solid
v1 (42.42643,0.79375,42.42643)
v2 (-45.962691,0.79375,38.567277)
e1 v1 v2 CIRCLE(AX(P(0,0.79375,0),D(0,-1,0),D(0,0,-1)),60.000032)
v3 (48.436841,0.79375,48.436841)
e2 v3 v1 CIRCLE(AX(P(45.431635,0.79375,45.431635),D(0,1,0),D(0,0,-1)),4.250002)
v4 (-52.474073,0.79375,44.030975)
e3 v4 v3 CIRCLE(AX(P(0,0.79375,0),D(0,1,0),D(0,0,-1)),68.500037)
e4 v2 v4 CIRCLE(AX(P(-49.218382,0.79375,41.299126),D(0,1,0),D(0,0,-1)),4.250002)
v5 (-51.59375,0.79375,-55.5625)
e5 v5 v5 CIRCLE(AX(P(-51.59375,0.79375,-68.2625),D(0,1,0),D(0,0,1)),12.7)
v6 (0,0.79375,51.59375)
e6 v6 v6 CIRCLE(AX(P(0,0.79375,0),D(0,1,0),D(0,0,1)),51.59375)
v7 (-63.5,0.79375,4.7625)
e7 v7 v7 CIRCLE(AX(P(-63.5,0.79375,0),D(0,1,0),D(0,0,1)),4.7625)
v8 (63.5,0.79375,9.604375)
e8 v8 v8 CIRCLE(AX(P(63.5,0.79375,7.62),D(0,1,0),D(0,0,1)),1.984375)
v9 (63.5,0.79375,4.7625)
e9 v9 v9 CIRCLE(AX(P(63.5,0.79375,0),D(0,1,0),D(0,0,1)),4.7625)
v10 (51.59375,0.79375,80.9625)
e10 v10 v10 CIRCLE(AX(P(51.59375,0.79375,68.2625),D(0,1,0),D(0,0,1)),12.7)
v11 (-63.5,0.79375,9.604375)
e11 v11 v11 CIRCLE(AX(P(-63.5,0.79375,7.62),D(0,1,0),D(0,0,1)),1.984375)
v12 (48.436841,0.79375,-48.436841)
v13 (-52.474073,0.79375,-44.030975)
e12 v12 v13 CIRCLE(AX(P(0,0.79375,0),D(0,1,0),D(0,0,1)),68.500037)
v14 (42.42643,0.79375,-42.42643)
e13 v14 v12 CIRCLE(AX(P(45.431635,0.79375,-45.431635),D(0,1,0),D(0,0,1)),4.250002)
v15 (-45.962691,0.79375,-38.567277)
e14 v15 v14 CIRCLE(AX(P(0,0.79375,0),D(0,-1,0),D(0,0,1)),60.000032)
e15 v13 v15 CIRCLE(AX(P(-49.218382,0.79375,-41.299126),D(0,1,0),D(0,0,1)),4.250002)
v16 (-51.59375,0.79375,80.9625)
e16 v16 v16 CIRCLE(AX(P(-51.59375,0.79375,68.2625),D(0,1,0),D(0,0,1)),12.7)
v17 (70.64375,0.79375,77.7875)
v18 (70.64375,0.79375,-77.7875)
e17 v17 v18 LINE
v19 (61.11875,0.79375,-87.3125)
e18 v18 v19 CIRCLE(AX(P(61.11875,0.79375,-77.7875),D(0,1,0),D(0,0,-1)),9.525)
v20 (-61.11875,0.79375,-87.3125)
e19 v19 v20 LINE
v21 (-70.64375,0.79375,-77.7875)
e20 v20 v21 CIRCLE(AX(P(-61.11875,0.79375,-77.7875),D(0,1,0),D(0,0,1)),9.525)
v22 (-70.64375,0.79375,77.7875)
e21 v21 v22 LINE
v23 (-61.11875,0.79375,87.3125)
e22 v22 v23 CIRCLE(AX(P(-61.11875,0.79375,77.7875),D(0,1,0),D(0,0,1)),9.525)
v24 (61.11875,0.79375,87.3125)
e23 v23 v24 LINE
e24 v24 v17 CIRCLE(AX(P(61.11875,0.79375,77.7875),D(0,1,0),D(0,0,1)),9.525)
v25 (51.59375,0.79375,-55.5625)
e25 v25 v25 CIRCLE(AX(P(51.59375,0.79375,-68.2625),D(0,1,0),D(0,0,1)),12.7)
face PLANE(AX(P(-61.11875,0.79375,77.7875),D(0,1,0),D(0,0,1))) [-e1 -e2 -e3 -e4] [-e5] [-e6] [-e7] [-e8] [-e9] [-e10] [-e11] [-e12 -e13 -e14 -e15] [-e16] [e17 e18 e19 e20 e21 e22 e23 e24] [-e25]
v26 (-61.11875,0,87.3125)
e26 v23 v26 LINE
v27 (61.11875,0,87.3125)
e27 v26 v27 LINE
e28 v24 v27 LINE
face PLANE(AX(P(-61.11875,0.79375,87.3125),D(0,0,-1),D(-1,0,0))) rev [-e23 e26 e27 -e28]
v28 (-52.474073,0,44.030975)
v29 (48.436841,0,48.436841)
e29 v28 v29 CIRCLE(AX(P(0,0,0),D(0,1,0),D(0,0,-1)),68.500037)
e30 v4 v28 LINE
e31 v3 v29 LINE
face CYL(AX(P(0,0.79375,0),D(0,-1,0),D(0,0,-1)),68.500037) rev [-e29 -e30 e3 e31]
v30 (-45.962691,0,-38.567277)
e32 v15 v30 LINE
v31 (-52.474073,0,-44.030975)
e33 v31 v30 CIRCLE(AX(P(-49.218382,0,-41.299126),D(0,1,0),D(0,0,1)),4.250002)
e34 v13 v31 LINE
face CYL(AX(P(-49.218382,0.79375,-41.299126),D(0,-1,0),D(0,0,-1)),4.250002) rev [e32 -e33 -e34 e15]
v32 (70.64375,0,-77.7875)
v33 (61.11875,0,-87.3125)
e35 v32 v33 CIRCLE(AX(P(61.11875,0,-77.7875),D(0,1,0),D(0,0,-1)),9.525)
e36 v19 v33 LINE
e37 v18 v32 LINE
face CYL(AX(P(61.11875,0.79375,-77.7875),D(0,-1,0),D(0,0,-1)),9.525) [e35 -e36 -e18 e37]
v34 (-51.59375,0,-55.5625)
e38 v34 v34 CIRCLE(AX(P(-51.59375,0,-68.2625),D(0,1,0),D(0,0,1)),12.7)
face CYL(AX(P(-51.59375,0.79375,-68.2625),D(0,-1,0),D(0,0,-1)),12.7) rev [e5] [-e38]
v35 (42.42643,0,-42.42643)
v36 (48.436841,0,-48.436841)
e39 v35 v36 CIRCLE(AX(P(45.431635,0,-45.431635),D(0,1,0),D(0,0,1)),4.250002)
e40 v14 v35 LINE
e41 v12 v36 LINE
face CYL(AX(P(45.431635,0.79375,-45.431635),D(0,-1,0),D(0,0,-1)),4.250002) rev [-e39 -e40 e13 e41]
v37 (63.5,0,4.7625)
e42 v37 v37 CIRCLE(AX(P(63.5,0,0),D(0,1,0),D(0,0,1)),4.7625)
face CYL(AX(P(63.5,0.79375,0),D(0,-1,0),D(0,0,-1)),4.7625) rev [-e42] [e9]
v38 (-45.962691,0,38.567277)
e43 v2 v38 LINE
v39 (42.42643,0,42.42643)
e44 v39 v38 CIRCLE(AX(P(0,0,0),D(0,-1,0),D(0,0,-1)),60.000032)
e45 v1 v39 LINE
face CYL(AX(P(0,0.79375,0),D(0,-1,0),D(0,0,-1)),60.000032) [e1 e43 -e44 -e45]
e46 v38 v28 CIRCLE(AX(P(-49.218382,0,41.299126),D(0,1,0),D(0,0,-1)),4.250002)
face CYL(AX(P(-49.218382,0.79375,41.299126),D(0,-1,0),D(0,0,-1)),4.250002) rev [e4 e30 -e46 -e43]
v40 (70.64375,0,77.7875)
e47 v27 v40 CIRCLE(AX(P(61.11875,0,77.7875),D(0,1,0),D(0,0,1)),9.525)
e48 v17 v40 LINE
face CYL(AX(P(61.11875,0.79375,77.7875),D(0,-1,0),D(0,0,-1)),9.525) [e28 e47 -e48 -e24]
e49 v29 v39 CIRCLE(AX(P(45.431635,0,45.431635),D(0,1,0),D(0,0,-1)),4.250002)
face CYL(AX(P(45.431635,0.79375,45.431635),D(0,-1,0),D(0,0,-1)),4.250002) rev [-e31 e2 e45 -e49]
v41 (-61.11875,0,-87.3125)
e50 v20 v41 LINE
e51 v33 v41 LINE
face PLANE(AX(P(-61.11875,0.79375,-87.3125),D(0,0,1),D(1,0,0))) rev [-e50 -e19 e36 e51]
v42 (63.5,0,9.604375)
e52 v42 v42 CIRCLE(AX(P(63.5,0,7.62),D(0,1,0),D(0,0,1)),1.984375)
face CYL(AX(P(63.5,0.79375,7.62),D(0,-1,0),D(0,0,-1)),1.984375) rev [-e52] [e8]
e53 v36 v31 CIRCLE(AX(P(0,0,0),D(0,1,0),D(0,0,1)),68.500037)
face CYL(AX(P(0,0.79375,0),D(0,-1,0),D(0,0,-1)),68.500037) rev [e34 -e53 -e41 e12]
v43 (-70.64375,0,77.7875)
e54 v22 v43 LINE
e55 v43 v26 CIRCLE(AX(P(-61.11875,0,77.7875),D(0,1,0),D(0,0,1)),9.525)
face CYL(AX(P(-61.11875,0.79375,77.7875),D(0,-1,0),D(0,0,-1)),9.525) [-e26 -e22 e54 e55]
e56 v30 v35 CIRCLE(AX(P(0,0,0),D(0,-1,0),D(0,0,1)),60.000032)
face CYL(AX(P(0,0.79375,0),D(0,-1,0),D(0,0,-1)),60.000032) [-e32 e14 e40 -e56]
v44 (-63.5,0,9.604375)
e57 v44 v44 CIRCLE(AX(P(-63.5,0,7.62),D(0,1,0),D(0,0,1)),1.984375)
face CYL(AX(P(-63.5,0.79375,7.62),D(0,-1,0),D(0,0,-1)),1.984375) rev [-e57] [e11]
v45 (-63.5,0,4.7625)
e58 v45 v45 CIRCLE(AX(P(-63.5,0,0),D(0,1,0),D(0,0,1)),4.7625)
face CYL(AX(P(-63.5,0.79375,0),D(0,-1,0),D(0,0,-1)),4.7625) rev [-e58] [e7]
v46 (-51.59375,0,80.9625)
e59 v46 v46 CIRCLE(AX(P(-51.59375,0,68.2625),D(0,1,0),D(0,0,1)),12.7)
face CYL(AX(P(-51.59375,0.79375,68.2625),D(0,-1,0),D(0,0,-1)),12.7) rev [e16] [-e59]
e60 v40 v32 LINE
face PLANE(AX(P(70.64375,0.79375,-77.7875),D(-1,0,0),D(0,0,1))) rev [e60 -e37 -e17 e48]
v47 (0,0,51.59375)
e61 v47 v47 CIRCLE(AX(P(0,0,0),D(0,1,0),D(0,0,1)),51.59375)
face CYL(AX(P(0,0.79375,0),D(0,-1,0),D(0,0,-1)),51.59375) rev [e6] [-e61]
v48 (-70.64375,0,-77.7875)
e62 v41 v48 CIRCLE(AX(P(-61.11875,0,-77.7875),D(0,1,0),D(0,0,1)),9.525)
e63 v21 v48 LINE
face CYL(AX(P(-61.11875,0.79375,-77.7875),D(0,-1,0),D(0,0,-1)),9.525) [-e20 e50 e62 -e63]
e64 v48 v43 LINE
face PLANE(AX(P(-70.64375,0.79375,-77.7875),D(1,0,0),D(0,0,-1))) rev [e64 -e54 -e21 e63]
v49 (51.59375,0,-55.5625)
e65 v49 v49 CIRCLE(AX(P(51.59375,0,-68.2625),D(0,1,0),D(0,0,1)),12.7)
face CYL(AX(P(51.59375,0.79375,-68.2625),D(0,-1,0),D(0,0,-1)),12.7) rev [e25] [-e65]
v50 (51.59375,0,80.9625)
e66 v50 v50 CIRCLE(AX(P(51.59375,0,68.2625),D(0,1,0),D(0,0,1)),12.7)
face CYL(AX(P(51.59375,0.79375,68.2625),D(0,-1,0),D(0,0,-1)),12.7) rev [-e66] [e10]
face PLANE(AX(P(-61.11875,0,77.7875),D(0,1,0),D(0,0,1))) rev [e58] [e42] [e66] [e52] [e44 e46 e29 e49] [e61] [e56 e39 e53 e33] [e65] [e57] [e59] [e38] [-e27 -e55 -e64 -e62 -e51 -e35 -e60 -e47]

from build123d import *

# Parameters (mm, degrees)
SKETCH1_R           = 12.7
SKETCH1_R_2         = 51.59375
SKETCH1_R_3         = 4.7625
SKETCH1_R_4         = 1.984375
BOSS_EXTRUDE1_DEPTH = 0.79375


with BuildPart() as part:
    # Sketch1 → Boss-Extrude1 (new body)
    with BuildSketch(Plane(origin=(0, 0, 0), x_dir=(1, 0, 0), z_dir=(0, 1, 0))):
        with BuildLine():
            Line((-61.11875, 87.3125), (61.11875, 87.3125))
            ThreePointArc((61.11875, 87.3125), (67.853942091, 84.522692091), (70.64375, 77.7875))
            Line((70.64375, 77.7875), (70.64375, -77.7875))
            ThreePointArc((70.64375, -77.7875), (67.853942091, -84.522692091), (61.11875, -87.3125))
            Line((61.11875, -87.3125), (-61.11875, -87.3125))
            ThreePointArc((-61.11875, -87.3125), (-67.853942091, -84.522692091), (-70.64375, -77.7875))
            Line((-70.64375, -77.7875), (-70.64375, 77.7875))
            ThreePointArc((-70.64375, 77.7875), (-67.853942091, 84.522692091), (-61.11875, 87.3125))
        make_face()
        with Locations(Location((-51.59375, 68.2625, 0), (0, 0, 270))):
            Circle(SKETCH1_R, mode=Mode.SUBTRACT)
        with Locations(Location((51.59375, 68.2625, 0), (0, 0, 270))):
            Circle(SKETCH1_R, mode=Mode.SUBTRACT)
        with Locations(Location((-51.59375, -68.2625, 0), (0, 0, 270))):
            Circle(SKETCH1_R, mode=Mode.SUBTRACT)
        with Locations(Location((51.59375, -68.2625, 0), (0, 0, 270))):
            Circle(SKETCH1_R, mode=Mode.SUBTRACT)
        with Locations(Location((0, 0, 0), (0, 0, 270))):
            Circle(SKETCH1_R_2, mode=Mode.SUBTRACT)
        with Locations(Location((-63.5, 0, 0), (0, 0, 270))):
            Circle(SKETCH1_R_3, mode=Mode.SUBTRACT)
        with Locations(Location((63.5, 0, 0), (0, 0, 270))):
            Circle(SKETCH1_R_3, mode=Mode.SUBTRACT)
        with Locations(Location((-63.5, -7.62, 0), (0, 0, 270))):
            Circle(SKETCH1_R_4, mode=Mode.SUBTRACT)
        with Locations(Location((63.5, -7.62, 0), (0, 0, 270))):
            Circle(SKETCH1_R_4, mode=Mode.SUBTRACT)
        with BuildLine():
            ThreePointArc((-52.47407269, 44.03097504), (-51.950230865, 38.043435583), (-45.962691407, 38.567277408))
            ThreePointArc((-45.962691407, 38.567277408), (-2.617164655, 59.942925664), (42.426429781, 42.426429781))
            ThreePointArc((42.426429781, 42.426429781), (48.436840667, 42.426429781), (48.436840667, 48.436840667))
            ThreePointArc((48.436840667, 48.436840667), (-2.987929648, 68.434840133), (-52.47407269, 44.03097504))
        make_face(mode=Mode.SUBTRACT)
        with BuildLine():
            ThreePointArc((42.426429781, -42.426429781), (-2.617164655, -59.942925664), (-45.962691407, -38.567277408))
            ThreePointArc((-45.962691407, -38.567277408), (-51.950230865, -38.043435583), (-52.47407269, -44.03097504))
            ThreePointArc((-52.47407269, -44.03097504), (-2.987929648, -68.434840133), (48.436840667, -48.436840667))
            ThreePointArc((48.436840667, -48.436840667), (48.436840667, -42.426429781), (42.426429781, -42.426429781))
        make_face(mode=Mode.SUBTRACT)
    extrude(amount=BOSS_EXTRUDE1_DEPTH)


solid = part.part
